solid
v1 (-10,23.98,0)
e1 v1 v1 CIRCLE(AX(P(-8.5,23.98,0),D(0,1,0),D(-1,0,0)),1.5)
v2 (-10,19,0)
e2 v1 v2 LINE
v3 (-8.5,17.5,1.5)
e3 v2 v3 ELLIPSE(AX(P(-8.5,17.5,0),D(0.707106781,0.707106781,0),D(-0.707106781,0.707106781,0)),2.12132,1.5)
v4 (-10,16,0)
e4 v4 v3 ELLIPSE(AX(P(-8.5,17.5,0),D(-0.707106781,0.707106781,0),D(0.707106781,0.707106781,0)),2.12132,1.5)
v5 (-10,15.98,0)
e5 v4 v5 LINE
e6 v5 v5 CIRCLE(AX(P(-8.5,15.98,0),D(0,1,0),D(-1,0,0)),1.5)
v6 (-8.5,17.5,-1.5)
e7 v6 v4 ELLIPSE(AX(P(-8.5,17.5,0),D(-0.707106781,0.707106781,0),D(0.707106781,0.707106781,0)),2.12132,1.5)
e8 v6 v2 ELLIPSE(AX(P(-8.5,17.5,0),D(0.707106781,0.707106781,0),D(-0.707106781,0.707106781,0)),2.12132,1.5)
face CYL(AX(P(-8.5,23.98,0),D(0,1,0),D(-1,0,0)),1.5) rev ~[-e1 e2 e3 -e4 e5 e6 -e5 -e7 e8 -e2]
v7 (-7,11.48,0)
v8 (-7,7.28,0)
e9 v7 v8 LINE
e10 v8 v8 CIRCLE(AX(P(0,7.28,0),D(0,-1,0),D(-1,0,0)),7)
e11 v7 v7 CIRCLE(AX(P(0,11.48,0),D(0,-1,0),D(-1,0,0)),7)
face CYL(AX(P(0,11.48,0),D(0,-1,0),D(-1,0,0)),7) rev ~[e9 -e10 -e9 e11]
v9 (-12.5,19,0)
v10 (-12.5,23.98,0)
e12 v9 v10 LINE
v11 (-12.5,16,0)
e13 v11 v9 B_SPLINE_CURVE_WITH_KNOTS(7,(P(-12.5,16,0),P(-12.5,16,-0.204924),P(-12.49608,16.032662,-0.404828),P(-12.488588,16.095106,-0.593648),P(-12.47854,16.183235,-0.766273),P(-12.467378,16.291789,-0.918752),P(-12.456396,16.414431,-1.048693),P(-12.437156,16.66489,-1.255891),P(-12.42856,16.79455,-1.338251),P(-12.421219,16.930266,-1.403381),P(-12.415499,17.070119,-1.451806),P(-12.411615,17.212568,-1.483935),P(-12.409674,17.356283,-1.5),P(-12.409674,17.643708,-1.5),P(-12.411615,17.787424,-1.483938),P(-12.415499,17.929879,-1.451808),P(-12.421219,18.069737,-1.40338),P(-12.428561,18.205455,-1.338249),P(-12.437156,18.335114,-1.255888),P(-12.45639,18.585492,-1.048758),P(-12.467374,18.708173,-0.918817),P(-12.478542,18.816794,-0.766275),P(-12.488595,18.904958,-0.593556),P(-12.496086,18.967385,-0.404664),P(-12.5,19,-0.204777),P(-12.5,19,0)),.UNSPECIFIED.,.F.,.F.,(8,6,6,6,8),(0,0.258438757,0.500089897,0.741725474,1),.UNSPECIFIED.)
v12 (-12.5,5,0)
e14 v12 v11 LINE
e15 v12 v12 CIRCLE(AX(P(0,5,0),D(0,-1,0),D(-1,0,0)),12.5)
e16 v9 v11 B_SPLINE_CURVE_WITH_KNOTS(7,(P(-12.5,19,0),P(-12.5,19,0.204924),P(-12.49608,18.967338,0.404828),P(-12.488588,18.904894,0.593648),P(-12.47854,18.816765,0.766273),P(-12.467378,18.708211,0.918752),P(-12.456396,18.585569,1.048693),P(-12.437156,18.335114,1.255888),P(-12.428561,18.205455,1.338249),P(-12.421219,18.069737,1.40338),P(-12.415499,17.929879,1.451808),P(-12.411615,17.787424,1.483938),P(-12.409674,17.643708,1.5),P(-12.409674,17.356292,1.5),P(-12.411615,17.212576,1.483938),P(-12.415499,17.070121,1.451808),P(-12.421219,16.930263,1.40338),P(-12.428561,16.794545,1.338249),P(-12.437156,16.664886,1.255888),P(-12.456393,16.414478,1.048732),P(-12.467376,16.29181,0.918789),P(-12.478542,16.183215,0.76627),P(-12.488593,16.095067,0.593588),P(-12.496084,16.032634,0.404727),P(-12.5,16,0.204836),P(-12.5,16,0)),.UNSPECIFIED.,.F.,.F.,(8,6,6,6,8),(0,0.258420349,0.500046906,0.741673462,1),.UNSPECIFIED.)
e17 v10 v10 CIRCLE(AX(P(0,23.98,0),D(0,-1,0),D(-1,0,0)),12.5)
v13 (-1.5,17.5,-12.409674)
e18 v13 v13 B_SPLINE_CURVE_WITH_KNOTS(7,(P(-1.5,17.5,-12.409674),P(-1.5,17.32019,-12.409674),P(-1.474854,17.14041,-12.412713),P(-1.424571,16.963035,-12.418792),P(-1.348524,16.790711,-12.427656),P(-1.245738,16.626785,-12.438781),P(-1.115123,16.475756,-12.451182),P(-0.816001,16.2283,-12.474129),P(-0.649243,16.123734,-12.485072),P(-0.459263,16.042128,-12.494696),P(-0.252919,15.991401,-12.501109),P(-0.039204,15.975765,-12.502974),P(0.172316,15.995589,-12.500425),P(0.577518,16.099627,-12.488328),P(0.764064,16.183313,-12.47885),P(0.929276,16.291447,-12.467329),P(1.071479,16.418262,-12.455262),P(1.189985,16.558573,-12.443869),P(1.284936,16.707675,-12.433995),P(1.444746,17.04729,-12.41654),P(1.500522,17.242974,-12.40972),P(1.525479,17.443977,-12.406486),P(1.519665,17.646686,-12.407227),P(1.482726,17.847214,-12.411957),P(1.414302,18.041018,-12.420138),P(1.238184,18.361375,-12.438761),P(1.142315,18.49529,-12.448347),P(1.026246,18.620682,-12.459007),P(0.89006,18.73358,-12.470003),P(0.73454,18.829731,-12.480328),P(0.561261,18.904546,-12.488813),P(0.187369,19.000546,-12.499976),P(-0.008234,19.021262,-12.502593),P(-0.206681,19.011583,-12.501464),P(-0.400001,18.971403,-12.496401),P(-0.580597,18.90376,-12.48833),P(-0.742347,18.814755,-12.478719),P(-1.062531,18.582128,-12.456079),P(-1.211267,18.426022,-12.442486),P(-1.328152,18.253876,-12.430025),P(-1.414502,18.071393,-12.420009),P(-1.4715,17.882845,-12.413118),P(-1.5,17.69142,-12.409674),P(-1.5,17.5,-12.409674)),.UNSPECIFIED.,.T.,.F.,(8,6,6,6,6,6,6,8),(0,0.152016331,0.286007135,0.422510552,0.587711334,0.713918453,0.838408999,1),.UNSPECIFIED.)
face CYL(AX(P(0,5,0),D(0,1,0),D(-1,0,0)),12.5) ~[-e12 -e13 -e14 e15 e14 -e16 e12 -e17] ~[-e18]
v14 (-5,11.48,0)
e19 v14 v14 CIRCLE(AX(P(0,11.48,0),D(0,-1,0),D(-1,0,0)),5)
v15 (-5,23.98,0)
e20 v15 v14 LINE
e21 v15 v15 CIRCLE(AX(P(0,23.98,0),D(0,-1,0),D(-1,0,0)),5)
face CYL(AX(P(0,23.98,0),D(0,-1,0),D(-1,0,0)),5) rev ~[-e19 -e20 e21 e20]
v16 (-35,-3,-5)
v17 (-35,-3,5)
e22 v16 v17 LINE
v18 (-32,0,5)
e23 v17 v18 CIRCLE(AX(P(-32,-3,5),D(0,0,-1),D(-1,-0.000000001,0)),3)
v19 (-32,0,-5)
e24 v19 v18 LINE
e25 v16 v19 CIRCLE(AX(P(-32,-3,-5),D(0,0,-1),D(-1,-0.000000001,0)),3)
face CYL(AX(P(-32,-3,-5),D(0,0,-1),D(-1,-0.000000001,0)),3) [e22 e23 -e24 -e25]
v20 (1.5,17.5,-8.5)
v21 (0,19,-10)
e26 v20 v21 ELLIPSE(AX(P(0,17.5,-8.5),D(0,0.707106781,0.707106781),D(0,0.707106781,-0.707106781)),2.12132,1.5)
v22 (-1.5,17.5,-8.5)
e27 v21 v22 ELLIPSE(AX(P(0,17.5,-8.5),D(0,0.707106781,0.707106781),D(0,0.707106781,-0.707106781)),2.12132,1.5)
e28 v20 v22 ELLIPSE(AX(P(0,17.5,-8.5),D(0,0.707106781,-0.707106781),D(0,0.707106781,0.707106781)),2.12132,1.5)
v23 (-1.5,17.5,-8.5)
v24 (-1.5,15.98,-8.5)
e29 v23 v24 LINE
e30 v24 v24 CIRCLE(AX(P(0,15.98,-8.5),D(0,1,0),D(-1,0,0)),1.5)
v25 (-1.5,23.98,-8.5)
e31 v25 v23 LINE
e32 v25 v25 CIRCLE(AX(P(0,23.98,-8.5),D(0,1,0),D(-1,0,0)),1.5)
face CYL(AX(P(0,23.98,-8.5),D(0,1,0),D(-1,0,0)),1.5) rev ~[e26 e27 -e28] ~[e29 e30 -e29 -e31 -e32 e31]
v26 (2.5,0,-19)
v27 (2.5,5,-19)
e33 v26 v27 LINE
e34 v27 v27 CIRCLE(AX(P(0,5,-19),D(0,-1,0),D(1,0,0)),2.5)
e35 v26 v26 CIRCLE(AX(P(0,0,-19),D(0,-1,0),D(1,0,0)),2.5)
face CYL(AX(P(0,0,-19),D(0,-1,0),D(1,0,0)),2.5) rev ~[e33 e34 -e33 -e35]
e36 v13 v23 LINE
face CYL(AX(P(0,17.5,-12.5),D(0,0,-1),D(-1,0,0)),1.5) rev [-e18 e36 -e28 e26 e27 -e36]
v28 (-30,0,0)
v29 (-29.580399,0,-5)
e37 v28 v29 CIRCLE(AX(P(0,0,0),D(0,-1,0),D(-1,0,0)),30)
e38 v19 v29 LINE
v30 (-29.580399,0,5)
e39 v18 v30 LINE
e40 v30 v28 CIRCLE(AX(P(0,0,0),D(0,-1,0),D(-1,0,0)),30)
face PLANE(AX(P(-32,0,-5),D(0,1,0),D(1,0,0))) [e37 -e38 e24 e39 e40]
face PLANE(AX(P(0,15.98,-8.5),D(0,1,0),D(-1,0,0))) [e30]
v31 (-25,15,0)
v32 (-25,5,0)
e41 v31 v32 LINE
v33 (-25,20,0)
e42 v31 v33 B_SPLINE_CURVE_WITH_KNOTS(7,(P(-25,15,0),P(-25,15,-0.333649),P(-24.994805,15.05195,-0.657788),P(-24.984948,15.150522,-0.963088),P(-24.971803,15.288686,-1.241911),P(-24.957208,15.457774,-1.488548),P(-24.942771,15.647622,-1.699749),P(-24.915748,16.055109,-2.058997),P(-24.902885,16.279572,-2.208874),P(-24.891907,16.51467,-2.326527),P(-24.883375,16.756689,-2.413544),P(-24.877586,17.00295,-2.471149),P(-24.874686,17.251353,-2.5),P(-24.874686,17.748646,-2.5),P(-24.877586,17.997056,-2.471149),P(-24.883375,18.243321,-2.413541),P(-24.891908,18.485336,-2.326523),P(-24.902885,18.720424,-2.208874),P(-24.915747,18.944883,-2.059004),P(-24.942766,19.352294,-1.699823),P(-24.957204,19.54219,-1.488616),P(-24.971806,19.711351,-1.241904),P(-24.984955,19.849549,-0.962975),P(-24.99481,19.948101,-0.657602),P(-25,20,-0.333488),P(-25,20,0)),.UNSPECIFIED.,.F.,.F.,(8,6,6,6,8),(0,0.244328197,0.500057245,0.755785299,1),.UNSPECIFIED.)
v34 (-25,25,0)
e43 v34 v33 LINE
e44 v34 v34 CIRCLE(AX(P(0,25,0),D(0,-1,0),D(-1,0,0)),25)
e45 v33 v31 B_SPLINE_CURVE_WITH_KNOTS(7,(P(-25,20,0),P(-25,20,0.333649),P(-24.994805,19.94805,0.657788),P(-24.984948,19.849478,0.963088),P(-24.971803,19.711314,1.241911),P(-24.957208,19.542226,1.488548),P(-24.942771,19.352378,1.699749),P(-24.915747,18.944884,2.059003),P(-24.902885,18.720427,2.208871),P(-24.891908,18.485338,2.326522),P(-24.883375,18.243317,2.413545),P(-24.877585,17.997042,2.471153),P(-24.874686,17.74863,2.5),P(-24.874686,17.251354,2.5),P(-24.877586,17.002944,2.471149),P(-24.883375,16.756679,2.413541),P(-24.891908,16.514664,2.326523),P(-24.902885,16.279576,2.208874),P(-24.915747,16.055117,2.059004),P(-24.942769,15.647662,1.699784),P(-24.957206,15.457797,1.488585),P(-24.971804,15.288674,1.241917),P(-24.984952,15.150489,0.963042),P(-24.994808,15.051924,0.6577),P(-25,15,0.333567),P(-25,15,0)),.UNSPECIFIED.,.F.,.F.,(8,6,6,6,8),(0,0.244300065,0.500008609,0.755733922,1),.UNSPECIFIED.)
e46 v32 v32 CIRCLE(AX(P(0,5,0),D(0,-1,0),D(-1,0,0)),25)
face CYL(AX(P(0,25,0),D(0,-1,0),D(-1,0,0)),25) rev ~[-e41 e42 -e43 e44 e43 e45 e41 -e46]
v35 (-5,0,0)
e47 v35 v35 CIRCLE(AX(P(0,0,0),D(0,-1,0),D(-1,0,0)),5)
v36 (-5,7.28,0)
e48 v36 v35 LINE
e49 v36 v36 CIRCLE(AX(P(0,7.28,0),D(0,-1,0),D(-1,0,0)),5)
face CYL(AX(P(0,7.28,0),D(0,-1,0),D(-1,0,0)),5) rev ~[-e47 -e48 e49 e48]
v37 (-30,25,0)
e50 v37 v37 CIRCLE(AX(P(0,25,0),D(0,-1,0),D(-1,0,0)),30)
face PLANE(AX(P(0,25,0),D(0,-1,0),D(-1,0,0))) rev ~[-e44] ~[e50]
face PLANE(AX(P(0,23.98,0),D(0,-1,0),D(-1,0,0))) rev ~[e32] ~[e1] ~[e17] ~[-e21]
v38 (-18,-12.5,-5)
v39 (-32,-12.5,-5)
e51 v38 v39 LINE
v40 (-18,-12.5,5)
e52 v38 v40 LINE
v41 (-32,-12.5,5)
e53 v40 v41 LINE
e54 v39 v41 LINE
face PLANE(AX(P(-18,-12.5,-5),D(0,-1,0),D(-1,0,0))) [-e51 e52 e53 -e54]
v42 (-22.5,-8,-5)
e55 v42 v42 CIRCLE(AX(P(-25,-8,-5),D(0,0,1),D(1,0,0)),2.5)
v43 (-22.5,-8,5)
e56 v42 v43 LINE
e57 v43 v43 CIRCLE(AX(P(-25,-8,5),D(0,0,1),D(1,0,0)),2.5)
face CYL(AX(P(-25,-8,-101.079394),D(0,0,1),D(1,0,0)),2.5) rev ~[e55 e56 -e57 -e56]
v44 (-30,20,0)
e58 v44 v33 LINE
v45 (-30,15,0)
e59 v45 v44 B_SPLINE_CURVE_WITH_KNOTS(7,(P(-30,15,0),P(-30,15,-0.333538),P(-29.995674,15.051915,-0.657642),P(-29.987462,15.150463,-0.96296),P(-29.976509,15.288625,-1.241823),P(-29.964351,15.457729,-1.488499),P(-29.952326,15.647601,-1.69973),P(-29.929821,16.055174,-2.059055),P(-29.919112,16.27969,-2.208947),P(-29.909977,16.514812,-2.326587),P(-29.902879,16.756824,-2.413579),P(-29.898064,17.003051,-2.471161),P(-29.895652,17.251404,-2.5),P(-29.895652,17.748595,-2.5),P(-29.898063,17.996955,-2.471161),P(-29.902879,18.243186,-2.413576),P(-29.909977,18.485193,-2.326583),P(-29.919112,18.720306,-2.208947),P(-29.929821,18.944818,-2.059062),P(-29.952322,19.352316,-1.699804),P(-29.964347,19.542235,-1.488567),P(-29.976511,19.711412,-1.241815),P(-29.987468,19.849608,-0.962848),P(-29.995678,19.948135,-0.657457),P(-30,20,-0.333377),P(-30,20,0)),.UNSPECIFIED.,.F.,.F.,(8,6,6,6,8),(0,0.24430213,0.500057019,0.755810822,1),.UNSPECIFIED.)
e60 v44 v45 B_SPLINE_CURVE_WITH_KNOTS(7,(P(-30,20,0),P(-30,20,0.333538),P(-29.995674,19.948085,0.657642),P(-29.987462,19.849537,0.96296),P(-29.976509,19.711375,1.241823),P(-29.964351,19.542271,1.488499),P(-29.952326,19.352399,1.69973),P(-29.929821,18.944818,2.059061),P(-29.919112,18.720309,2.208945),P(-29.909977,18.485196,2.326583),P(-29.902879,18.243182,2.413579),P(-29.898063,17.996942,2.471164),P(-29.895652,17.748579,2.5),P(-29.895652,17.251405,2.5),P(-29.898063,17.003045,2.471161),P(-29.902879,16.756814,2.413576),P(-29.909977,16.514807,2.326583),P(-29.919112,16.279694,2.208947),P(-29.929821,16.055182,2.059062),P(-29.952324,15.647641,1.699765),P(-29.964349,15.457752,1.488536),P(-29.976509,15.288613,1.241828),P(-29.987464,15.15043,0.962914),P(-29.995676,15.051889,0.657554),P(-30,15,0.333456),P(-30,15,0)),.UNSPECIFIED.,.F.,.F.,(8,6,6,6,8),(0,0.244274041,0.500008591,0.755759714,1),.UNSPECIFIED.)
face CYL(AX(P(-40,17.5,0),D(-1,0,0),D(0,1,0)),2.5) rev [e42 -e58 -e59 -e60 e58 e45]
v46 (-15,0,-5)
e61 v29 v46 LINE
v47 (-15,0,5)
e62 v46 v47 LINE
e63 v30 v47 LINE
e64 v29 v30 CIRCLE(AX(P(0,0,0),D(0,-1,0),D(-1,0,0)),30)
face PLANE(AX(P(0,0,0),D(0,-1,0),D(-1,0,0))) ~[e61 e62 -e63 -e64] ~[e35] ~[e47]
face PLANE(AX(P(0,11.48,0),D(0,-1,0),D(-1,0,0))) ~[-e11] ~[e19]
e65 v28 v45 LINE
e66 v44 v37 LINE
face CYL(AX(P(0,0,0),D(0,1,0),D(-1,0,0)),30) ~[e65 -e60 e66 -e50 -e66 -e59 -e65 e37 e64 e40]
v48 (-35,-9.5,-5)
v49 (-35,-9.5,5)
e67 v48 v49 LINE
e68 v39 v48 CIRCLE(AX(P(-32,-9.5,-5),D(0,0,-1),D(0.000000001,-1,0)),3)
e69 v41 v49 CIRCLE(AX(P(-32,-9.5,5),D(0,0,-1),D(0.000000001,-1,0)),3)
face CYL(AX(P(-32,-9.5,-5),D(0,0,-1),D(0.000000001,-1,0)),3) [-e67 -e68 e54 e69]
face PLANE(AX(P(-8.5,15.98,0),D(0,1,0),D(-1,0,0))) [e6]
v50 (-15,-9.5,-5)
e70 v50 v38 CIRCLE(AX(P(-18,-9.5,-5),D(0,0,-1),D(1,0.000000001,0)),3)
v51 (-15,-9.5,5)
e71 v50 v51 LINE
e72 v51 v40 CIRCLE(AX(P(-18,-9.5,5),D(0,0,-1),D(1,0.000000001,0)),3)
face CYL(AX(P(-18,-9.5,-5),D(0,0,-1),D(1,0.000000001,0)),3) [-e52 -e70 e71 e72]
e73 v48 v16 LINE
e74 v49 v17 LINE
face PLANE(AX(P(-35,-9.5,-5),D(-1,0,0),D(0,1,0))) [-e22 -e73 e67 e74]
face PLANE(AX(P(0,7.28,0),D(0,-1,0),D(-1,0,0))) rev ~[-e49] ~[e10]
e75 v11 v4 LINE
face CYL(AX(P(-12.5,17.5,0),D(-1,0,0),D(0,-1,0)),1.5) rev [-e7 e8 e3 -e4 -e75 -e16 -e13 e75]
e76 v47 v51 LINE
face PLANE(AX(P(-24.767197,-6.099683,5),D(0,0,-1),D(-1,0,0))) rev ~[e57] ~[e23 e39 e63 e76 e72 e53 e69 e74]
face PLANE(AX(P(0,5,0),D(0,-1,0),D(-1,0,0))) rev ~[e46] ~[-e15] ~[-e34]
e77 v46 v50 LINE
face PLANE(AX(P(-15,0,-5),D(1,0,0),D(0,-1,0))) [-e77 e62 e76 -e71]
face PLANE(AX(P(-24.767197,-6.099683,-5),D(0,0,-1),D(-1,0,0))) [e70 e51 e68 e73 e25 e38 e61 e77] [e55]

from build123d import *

# Parameters (mm, degrees)
SKETCH2_R                          = 2.5
CUT_EXTRUDE1_DEPTH                 = 10
SKETCH3_R                          = 1.5
CUT_EXTRUDE2_DEPTH                 = 8
SKETCH4_R                          = 1.5
CUT_EXTRUDE3_DEPTH                 = 4
SKETCH5_R                          = 1.5
CUT_EXTRUDE4_DEPTH                 = 4
CUT_EXTRUDE7_DEPTH                 = 10
CUT_EXTRUDE7_DEPTH_BACK            = 10
SKETCH6_R                          = 2.5
BOSS_EXTRUDE5_DEPTH                = 5
BOSS_EXTRUDE5_DEPTH_BACK           = 5
F_5_0_5_DIAMETER_HOLE1_D           = 5
F_5_0_5_DIAMETER_HOLE1_ON_FACE_2_D = 5


with BuildPart() as part:
    # Sketch1 → Revolve2 (revolve)
    with BuildSketch(Plane.XY):
        Polygon((5, 7.28), (5, 0), (30, 0), (30, 25), (25, 25), (25, 5), (12.5, 5), (12.5, 23.98), (5, 23.98), (5, 11.48), (7, 11.48), (7, 7.28), align=None)
    revolve(axis=Axis((0, 23.98, 0), (0, -1, 0)))

    # Sketch2 → Cut-Extrude1 (cut)
    with BuildSketch(Plane.XZ):
        with Locations((0, -19)):
            Circle(SKETCH2_R)
    extrude(amount=-CUT_EXTRUDE1_DEPTH, mode=Mode.SUBTRACT)

    # Sketch3 → Cut-Extrude2 (cut)
    with BuildSketch(Plane(origin=(0, 23.98, 0), x_dir=(1, 0, 0), z_dir=(0, 1, 0))):
        with Locations((-8.5, 0)):
            Circle(SKETCH3_R)
        with Locations((0, 8.5)):
            Circle(SKETCH3_R)
    extrude(amount=-CUT_EXTRUDE2_DEPTH, mode=Mode.SUBTRACT)

    # Sketch4 → Cut-Extrude3 (cut)
    with BuildSketch(Plane.XY.offset(-12.5)):
        with Locations((0, 17.5)):
            Circle(SKETCH4_R)
    extrude(amount=CUT_EXTRUDE3_DEPTH, mode=Mode.SUBTRACT)

    # Sketch5 → Cut-Extrude4 (cut)
    with BuildSketch(Plane(origin=(-12.5, 0, 0), x_dir=(0, 0, -1), z_dir=(1, 0, 0))):
        with Locations((0, 17.5)):
            Circle(SKETCH5_R)
    extrude(amount=CUT_EXTRUDE4_DEPTH, mode=Mode.SUBTRACT)

    # Sketch6 → Cut-Extrude7 (cut, two sides: drawn at the far end of the back side and taken through both)
    with BuildSketch(Plane(origin=(-30, 0, 0), x_dir=(0, 0, -1), z_dir=(1, 0, 0)).offset(-CUT_EXTRUDE7_DEPTH_BACK)):
        with Locations((0, 17.5)):
            Circle(SKETCH6_R)
    extrude(amount=CUT_EXTRUDE7_DEPTH + CUT_EXTRUDE7_DEPTH_BACK, mode=Mode.SUBTRACT)

    # Sketch7 → Boss-Extrude5 (add, two sides: drawn at the far end of the back side and taken through both)
    with BuildSketch(Plane.XY.offset(-BOSS_EXTRUDE5_DEPTH_BACK)):
        with BuildLine():
            Line((-32, 0), (-30, 0))
            Line((-30, 0), (-15, 0))
            Line((-15, 0), (-15, -9.5))
            ThreePointArc((-15, -9.5), (-15.878679656, -11.621320344), (-18, -12.5))
            Line((-18, -12.5), (-32, -12.5))
            ThreePointArc((-32, -12.5), (-34.121320344, -11.621320344), (-35, -9.5))
            Line((-35, -9.5), (-35, -3))
            ThreePointArc((-35, -3), (-34.121320344, -0.878679656), (-32, 0))
        make_face()
    extrude(amount=BOSS_EXTRUDE5_DEPTH + BOSS_EXTRUDE5_DEPTH_BACK)

    # Ø5.0 (5) Diameter Hole1 (through all)
    with Locations(Plane(origin=(-25, -8, -5), x_dir=(-1, 0, 0), z_dir=(0, 0, -1))):
        with Locations((0, 0)):
            Hole(F_5_0_5_DIAMETER_HOLE1_D / 2)

    # Ø5.0 (5) Diameter Hole1 on face 2 (through all)
    with Locations(Plane(origin=(-19.5551144, -17.55502899, 0), x_dir=(-1, 0, 0), z_dir=(0, 0, -1))):
        with Locations((0, 0)):
            Hole(F_5_0_5_DIAMETER_HOLE1_ON_FACE_2_D / 2)


solid = part.part
